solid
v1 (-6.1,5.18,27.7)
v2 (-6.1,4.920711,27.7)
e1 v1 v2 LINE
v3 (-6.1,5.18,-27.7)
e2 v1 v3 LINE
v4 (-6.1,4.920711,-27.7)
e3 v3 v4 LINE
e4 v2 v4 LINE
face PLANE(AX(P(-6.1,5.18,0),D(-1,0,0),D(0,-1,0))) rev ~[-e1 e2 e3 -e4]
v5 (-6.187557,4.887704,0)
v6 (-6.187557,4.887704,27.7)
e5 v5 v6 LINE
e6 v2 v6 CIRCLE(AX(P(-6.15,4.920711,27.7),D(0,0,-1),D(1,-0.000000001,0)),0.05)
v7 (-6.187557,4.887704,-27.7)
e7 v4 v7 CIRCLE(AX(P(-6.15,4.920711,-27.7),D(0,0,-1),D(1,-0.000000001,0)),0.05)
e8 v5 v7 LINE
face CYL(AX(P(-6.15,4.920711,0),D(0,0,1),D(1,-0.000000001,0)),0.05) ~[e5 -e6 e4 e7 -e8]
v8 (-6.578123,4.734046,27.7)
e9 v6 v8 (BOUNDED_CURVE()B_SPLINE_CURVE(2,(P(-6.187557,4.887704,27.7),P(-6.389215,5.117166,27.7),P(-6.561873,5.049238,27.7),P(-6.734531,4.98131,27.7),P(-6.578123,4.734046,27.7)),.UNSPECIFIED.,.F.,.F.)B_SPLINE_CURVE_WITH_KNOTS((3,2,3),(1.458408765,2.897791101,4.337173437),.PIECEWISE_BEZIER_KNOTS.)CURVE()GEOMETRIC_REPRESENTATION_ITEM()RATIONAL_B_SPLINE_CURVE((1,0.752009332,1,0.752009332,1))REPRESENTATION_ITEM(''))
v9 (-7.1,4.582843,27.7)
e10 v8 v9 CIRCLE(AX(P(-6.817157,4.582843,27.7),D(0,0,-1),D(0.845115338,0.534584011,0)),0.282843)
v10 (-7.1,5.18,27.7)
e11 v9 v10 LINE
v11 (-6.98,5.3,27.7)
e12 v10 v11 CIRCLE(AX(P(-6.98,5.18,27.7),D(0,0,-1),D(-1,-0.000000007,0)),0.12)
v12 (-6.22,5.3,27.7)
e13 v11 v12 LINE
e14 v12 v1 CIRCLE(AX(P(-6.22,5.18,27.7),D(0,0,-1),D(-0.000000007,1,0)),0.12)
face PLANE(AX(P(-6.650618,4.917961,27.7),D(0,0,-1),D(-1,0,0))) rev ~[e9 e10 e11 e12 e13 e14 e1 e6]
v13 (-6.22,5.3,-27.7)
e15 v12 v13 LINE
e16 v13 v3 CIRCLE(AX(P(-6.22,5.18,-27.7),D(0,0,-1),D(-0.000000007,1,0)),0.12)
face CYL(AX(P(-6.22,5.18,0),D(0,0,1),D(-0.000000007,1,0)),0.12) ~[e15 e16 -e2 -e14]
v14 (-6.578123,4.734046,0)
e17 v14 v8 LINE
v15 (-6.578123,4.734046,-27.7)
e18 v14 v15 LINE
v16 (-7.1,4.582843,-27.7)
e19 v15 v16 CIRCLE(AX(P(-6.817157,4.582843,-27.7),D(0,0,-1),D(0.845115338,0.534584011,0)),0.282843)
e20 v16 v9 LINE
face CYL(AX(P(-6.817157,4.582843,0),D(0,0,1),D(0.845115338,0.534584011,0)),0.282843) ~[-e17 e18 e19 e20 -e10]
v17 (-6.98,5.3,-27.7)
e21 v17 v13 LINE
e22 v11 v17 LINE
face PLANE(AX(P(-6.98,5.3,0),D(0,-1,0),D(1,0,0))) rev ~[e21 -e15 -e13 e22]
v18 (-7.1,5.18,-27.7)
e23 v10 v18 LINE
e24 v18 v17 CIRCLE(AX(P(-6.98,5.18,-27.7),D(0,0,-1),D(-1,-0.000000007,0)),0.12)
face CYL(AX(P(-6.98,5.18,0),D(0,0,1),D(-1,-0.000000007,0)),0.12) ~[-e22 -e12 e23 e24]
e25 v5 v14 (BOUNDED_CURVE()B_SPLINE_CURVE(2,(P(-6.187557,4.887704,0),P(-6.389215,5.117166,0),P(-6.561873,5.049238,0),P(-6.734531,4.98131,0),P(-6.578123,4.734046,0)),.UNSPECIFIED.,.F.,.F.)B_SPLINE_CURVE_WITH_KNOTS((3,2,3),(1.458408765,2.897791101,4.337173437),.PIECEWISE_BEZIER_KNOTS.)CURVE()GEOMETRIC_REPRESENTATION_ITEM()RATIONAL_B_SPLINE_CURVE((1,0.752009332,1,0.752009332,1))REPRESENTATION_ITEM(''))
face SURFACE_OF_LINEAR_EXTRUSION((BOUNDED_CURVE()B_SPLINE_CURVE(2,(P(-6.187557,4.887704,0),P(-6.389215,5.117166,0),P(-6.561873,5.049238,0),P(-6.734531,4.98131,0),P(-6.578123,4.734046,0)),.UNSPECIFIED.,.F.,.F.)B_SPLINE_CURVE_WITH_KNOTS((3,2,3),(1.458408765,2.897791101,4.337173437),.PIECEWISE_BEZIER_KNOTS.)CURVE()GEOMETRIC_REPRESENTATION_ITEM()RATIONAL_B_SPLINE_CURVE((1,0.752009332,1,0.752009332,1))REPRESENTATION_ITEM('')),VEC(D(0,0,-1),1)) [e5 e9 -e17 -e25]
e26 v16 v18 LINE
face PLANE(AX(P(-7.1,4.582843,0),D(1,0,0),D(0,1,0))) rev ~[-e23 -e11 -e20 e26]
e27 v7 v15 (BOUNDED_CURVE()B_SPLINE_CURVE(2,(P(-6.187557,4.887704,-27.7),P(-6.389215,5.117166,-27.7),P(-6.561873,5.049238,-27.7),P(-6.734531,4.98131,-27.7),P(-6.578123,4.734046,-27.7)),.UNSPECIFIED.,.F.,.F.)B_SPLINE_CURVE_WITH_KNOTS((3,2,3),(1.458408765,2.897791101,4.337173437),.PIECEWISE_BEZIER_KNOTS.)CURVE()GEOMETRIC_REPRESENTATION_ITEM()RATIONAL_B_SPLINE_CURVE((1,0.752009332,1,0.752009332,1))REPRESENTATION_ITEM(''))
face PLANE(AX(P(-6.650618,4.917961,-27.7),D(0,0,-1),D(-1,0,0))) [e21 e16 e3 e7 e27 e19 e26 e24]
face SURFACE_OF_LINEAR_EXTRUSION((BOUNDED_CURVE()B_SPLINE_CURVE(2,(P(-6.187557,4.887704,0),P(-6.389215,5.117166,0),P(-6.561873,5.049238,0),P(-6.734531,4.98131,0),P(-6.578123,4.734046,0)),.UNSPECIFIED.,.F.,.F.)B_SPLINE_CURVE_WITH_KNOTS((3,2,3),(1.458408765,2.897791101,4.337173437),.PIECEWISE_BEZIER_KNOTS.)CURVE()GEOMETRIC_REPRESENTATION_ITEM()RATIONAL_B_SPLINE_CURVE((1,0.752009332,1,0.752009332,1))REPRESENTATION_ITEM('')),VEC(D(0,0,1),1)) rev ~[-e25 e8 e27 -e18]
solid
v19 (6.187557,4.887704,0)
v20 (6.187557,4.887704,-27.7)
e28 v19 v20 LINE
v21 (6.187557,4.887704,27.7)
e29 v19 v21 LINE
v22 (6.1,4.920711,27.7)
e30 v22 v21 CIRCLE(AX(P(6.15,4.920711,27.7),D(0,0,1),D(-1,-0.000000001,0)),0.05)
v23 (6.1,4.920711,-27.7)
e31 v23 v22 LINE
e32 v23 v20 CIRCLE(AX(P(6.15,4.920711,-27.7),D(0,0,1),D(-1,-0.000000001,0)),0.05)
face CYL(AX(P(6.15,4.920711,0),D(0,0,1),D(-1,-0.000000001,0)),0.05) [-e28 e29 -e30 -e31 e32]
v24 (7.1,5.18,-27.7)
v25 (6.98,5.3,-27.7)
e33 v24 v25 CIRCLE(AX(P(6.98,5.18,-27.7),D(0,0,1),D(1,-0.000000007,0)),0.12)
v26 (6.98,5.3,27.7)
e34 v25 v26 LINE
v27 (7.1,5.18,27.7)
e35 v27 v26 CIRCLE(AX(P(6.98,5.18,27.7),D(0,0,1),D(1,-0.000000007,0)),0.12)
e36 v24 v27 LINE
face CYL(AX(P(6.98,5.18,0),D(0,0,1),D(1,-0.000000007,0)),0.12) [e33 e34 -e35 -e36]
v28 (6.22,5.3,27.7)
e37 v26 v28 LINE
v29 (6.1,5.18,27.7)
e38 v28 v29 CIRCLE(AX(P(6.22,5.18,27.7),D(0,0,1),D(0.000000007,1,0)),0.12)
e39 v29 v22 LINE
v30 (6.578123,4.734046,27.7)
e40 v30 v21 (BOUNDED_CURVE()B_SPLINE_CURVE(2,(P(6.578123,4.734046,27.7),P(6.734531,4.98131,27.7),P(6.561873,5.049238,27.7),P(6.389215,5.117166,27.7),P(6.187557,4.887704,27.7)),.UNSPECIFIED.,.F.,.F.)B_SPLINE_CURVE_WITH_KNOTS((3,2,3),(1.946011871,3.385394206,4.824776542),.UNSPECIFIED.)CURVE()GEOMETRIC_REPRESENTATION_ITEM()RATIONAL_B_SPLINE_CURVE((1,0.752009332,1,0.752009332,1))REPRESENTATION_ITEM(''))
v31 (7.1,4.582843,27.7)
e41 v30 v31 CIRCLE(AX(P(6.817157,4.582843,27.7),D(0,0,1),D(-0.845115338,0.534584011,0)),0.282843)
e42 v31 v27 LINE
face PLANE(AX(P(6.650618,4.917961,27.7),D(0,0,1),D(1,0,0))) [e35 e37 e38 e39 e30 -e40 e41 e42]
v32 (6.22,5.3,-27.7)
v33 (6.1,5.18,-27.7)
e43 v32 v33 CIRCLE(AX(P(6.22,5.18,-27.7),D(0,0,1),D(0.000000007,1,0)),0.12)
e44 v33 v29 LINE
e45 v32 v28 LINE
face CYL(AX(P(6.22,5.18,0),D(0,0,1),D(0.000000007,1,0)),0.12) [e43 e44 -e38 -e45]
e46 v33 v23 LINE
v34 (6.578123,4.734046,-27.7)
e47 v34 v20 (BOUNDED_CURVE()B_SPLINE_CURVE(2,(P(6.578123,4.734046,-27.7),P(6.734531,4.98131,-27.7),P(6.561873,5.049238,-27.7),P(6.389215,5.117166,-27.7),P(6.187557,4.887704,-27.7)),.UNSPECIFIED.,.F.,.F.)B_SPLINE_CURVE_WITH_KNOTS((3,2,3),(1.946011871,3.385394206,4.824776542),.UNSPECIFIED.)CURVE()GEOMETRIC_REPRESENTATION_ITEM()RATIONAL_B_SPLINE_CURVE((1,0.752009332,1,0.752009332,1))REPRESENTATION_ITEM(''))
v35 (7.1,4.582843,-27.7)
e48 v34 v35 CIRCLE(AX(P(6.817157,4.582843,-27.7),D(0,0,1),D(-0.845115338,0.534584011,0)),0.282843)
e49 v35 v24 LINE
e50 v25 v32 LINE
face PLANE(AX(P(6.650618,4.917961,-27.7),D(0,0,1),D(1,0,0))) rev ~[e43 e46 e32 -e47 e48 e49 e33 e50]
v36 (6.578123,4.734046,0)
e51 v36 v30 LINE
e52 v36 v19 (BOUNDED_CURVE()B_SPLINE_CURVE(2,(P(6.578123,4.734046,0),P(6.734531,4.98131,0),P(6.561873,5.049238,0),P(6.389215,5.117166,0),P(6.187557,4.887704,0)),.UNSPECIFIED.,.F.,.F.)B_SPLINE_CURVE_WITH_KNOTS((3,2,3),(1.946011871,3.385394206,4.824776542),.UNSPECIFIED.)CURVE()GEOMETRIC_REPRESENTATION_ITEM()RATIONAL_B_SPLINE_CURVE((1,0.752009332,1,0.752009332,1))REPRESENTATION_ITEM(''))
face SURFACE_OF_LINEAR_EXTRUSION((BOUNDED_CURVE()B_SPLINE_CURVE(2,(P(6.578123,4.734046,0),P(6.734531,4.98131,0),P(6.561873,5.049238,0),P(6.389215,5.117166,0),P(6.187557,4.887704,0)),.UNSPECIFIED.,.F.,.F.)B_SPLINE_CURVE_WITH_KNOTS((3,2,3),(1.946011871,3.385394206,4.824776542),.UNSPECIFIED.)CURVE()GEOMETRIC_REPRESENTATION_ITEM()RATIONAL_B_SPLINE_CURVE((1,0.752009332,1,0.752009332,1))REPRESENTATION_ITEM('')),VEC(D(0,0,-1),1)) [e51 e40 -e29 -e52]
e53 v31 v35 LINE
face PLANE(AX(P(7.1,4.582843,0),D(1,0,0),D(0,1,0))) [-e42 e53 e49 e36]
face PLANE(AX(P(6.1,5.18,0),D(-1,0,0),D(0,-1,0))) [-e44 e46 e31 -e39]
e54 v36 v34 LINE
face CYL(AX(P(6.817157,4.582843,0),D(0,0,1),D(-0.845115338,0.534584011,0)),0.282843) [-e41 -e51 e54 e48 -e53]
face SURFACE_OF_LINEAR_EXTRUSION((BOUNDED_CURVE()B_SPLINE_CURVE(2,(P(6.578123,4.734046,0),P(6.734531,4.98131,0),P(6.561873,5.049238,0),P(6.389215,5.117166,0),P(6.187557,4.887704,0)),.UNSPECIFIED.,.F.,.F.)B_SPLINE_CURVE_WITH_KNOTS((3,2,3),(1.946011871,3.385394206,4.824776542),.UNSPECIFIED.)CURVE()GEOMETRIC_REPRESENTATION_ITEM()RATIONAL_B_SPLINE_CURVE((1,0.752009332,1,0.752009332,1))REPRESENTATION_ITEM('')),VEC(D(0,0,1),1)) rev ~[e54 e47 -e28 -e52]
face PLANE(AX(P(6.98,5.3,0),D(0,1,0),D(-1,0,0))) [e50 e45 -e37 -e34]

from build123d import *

# Parameters (mm, degrees)
TINY_RED_DEPTH   = 27.7
TINY_RED_2_DEPTH = 27.7


with BuildPart() as part:
    # Tiny Red Profile → Tiny Red (new body, symmetric)
    with BuildSketch(Plane.XY):
        with BuildLine():
            Line((-7.1, 4.582842712), (-7.1, 5.18))
            ThreePointArc((-7.1, 5.18), (-7.064852814, 5.264852814), (-6.98, 5.3))
            Line((-6.98, 5.3), (-6.22, 5.3))
            ThreePointArc((-6.22, 5.3), (-6.135147186, 5.264852814), (-6.1, 5.18))
            Line((-6.1, 5.18), (-6.1, 4.920710678))
            ThreePointArc((-6.1, 4.920710678), (-6.13236303, 4.873924598), (-6.187557492, 4.887704091))
            add(Edge.make_bspline(
                [(-6.187557492, 4.887704091), (-6.389214842, 5.117165695), (-6.561872943, 5.049237628), (-6.734531044, 4.981309562), (-6.578122573, 4.734045904)],
                knots=[1.458408765, 1.458408765, 1.458408765, 2.897791101, 2.897791101, 4.337173437, 4.337173437, 4.337173437], degree=2, weights=[1, 0.752009332, 1, 0.752009332, 1]))
            ThreePointArc((-6.578122573, 4.734045904), (-6.73844651, 4.311172667), (-7.1, 4.582842712))
        make_face()
    extrude(amount=TINY_RED_DEPTH, both=True)


with BuildPart() as body_2:
    # Tiny Red Profile → Tiny Red 2 (new body, symmetric)
    with BuildSketch(Plane.XY):
        with BuildLine():
            Line((7.1, 4.582842712), (7.1, 5.18))
            ThreePointArc((7.1, 5.18), (7.064852814, 5.264852814), (6.98, 5.3))
            Line((6.98, 5.3), (6.22, 5.3))
            ThreePointArc((6.22, 5.3), (6.135147186, 5.264852814), (6.1, 5.18))
            Line((6.1, 5.18), (6.1, 4.920710678))
            ThreePointArc((6.1, 4.920710678), (6.13236303, 4.873924598), (6.187557492, 4.887704091))
            add(Edge.make_bspline(
                [(6.578122573, 4.734045904), (6.734531044, 4.981309562), (6.561872943, 5.049237628), (6.389214842, 5.117165695), (6.187557492, 4.887704091)],
                knots=[1.946011871, 1.946011871, 1.946011871, 3.385394206, 3.385394206, 4.824776542, 4.824776542, 4.824776542], degree=2, weights=[1, 0.752009332, 1, 0.752009332, 1]))
            ThreePointArc((6.578122573, 4.734045904), (6.73844651, 4.311172667), (7.1, 4.582842712))
        make_face()
    extrude(amount=TINY_RED_2_DEPTH, both=True)


solid = Compound([part.part, body_2.part])
